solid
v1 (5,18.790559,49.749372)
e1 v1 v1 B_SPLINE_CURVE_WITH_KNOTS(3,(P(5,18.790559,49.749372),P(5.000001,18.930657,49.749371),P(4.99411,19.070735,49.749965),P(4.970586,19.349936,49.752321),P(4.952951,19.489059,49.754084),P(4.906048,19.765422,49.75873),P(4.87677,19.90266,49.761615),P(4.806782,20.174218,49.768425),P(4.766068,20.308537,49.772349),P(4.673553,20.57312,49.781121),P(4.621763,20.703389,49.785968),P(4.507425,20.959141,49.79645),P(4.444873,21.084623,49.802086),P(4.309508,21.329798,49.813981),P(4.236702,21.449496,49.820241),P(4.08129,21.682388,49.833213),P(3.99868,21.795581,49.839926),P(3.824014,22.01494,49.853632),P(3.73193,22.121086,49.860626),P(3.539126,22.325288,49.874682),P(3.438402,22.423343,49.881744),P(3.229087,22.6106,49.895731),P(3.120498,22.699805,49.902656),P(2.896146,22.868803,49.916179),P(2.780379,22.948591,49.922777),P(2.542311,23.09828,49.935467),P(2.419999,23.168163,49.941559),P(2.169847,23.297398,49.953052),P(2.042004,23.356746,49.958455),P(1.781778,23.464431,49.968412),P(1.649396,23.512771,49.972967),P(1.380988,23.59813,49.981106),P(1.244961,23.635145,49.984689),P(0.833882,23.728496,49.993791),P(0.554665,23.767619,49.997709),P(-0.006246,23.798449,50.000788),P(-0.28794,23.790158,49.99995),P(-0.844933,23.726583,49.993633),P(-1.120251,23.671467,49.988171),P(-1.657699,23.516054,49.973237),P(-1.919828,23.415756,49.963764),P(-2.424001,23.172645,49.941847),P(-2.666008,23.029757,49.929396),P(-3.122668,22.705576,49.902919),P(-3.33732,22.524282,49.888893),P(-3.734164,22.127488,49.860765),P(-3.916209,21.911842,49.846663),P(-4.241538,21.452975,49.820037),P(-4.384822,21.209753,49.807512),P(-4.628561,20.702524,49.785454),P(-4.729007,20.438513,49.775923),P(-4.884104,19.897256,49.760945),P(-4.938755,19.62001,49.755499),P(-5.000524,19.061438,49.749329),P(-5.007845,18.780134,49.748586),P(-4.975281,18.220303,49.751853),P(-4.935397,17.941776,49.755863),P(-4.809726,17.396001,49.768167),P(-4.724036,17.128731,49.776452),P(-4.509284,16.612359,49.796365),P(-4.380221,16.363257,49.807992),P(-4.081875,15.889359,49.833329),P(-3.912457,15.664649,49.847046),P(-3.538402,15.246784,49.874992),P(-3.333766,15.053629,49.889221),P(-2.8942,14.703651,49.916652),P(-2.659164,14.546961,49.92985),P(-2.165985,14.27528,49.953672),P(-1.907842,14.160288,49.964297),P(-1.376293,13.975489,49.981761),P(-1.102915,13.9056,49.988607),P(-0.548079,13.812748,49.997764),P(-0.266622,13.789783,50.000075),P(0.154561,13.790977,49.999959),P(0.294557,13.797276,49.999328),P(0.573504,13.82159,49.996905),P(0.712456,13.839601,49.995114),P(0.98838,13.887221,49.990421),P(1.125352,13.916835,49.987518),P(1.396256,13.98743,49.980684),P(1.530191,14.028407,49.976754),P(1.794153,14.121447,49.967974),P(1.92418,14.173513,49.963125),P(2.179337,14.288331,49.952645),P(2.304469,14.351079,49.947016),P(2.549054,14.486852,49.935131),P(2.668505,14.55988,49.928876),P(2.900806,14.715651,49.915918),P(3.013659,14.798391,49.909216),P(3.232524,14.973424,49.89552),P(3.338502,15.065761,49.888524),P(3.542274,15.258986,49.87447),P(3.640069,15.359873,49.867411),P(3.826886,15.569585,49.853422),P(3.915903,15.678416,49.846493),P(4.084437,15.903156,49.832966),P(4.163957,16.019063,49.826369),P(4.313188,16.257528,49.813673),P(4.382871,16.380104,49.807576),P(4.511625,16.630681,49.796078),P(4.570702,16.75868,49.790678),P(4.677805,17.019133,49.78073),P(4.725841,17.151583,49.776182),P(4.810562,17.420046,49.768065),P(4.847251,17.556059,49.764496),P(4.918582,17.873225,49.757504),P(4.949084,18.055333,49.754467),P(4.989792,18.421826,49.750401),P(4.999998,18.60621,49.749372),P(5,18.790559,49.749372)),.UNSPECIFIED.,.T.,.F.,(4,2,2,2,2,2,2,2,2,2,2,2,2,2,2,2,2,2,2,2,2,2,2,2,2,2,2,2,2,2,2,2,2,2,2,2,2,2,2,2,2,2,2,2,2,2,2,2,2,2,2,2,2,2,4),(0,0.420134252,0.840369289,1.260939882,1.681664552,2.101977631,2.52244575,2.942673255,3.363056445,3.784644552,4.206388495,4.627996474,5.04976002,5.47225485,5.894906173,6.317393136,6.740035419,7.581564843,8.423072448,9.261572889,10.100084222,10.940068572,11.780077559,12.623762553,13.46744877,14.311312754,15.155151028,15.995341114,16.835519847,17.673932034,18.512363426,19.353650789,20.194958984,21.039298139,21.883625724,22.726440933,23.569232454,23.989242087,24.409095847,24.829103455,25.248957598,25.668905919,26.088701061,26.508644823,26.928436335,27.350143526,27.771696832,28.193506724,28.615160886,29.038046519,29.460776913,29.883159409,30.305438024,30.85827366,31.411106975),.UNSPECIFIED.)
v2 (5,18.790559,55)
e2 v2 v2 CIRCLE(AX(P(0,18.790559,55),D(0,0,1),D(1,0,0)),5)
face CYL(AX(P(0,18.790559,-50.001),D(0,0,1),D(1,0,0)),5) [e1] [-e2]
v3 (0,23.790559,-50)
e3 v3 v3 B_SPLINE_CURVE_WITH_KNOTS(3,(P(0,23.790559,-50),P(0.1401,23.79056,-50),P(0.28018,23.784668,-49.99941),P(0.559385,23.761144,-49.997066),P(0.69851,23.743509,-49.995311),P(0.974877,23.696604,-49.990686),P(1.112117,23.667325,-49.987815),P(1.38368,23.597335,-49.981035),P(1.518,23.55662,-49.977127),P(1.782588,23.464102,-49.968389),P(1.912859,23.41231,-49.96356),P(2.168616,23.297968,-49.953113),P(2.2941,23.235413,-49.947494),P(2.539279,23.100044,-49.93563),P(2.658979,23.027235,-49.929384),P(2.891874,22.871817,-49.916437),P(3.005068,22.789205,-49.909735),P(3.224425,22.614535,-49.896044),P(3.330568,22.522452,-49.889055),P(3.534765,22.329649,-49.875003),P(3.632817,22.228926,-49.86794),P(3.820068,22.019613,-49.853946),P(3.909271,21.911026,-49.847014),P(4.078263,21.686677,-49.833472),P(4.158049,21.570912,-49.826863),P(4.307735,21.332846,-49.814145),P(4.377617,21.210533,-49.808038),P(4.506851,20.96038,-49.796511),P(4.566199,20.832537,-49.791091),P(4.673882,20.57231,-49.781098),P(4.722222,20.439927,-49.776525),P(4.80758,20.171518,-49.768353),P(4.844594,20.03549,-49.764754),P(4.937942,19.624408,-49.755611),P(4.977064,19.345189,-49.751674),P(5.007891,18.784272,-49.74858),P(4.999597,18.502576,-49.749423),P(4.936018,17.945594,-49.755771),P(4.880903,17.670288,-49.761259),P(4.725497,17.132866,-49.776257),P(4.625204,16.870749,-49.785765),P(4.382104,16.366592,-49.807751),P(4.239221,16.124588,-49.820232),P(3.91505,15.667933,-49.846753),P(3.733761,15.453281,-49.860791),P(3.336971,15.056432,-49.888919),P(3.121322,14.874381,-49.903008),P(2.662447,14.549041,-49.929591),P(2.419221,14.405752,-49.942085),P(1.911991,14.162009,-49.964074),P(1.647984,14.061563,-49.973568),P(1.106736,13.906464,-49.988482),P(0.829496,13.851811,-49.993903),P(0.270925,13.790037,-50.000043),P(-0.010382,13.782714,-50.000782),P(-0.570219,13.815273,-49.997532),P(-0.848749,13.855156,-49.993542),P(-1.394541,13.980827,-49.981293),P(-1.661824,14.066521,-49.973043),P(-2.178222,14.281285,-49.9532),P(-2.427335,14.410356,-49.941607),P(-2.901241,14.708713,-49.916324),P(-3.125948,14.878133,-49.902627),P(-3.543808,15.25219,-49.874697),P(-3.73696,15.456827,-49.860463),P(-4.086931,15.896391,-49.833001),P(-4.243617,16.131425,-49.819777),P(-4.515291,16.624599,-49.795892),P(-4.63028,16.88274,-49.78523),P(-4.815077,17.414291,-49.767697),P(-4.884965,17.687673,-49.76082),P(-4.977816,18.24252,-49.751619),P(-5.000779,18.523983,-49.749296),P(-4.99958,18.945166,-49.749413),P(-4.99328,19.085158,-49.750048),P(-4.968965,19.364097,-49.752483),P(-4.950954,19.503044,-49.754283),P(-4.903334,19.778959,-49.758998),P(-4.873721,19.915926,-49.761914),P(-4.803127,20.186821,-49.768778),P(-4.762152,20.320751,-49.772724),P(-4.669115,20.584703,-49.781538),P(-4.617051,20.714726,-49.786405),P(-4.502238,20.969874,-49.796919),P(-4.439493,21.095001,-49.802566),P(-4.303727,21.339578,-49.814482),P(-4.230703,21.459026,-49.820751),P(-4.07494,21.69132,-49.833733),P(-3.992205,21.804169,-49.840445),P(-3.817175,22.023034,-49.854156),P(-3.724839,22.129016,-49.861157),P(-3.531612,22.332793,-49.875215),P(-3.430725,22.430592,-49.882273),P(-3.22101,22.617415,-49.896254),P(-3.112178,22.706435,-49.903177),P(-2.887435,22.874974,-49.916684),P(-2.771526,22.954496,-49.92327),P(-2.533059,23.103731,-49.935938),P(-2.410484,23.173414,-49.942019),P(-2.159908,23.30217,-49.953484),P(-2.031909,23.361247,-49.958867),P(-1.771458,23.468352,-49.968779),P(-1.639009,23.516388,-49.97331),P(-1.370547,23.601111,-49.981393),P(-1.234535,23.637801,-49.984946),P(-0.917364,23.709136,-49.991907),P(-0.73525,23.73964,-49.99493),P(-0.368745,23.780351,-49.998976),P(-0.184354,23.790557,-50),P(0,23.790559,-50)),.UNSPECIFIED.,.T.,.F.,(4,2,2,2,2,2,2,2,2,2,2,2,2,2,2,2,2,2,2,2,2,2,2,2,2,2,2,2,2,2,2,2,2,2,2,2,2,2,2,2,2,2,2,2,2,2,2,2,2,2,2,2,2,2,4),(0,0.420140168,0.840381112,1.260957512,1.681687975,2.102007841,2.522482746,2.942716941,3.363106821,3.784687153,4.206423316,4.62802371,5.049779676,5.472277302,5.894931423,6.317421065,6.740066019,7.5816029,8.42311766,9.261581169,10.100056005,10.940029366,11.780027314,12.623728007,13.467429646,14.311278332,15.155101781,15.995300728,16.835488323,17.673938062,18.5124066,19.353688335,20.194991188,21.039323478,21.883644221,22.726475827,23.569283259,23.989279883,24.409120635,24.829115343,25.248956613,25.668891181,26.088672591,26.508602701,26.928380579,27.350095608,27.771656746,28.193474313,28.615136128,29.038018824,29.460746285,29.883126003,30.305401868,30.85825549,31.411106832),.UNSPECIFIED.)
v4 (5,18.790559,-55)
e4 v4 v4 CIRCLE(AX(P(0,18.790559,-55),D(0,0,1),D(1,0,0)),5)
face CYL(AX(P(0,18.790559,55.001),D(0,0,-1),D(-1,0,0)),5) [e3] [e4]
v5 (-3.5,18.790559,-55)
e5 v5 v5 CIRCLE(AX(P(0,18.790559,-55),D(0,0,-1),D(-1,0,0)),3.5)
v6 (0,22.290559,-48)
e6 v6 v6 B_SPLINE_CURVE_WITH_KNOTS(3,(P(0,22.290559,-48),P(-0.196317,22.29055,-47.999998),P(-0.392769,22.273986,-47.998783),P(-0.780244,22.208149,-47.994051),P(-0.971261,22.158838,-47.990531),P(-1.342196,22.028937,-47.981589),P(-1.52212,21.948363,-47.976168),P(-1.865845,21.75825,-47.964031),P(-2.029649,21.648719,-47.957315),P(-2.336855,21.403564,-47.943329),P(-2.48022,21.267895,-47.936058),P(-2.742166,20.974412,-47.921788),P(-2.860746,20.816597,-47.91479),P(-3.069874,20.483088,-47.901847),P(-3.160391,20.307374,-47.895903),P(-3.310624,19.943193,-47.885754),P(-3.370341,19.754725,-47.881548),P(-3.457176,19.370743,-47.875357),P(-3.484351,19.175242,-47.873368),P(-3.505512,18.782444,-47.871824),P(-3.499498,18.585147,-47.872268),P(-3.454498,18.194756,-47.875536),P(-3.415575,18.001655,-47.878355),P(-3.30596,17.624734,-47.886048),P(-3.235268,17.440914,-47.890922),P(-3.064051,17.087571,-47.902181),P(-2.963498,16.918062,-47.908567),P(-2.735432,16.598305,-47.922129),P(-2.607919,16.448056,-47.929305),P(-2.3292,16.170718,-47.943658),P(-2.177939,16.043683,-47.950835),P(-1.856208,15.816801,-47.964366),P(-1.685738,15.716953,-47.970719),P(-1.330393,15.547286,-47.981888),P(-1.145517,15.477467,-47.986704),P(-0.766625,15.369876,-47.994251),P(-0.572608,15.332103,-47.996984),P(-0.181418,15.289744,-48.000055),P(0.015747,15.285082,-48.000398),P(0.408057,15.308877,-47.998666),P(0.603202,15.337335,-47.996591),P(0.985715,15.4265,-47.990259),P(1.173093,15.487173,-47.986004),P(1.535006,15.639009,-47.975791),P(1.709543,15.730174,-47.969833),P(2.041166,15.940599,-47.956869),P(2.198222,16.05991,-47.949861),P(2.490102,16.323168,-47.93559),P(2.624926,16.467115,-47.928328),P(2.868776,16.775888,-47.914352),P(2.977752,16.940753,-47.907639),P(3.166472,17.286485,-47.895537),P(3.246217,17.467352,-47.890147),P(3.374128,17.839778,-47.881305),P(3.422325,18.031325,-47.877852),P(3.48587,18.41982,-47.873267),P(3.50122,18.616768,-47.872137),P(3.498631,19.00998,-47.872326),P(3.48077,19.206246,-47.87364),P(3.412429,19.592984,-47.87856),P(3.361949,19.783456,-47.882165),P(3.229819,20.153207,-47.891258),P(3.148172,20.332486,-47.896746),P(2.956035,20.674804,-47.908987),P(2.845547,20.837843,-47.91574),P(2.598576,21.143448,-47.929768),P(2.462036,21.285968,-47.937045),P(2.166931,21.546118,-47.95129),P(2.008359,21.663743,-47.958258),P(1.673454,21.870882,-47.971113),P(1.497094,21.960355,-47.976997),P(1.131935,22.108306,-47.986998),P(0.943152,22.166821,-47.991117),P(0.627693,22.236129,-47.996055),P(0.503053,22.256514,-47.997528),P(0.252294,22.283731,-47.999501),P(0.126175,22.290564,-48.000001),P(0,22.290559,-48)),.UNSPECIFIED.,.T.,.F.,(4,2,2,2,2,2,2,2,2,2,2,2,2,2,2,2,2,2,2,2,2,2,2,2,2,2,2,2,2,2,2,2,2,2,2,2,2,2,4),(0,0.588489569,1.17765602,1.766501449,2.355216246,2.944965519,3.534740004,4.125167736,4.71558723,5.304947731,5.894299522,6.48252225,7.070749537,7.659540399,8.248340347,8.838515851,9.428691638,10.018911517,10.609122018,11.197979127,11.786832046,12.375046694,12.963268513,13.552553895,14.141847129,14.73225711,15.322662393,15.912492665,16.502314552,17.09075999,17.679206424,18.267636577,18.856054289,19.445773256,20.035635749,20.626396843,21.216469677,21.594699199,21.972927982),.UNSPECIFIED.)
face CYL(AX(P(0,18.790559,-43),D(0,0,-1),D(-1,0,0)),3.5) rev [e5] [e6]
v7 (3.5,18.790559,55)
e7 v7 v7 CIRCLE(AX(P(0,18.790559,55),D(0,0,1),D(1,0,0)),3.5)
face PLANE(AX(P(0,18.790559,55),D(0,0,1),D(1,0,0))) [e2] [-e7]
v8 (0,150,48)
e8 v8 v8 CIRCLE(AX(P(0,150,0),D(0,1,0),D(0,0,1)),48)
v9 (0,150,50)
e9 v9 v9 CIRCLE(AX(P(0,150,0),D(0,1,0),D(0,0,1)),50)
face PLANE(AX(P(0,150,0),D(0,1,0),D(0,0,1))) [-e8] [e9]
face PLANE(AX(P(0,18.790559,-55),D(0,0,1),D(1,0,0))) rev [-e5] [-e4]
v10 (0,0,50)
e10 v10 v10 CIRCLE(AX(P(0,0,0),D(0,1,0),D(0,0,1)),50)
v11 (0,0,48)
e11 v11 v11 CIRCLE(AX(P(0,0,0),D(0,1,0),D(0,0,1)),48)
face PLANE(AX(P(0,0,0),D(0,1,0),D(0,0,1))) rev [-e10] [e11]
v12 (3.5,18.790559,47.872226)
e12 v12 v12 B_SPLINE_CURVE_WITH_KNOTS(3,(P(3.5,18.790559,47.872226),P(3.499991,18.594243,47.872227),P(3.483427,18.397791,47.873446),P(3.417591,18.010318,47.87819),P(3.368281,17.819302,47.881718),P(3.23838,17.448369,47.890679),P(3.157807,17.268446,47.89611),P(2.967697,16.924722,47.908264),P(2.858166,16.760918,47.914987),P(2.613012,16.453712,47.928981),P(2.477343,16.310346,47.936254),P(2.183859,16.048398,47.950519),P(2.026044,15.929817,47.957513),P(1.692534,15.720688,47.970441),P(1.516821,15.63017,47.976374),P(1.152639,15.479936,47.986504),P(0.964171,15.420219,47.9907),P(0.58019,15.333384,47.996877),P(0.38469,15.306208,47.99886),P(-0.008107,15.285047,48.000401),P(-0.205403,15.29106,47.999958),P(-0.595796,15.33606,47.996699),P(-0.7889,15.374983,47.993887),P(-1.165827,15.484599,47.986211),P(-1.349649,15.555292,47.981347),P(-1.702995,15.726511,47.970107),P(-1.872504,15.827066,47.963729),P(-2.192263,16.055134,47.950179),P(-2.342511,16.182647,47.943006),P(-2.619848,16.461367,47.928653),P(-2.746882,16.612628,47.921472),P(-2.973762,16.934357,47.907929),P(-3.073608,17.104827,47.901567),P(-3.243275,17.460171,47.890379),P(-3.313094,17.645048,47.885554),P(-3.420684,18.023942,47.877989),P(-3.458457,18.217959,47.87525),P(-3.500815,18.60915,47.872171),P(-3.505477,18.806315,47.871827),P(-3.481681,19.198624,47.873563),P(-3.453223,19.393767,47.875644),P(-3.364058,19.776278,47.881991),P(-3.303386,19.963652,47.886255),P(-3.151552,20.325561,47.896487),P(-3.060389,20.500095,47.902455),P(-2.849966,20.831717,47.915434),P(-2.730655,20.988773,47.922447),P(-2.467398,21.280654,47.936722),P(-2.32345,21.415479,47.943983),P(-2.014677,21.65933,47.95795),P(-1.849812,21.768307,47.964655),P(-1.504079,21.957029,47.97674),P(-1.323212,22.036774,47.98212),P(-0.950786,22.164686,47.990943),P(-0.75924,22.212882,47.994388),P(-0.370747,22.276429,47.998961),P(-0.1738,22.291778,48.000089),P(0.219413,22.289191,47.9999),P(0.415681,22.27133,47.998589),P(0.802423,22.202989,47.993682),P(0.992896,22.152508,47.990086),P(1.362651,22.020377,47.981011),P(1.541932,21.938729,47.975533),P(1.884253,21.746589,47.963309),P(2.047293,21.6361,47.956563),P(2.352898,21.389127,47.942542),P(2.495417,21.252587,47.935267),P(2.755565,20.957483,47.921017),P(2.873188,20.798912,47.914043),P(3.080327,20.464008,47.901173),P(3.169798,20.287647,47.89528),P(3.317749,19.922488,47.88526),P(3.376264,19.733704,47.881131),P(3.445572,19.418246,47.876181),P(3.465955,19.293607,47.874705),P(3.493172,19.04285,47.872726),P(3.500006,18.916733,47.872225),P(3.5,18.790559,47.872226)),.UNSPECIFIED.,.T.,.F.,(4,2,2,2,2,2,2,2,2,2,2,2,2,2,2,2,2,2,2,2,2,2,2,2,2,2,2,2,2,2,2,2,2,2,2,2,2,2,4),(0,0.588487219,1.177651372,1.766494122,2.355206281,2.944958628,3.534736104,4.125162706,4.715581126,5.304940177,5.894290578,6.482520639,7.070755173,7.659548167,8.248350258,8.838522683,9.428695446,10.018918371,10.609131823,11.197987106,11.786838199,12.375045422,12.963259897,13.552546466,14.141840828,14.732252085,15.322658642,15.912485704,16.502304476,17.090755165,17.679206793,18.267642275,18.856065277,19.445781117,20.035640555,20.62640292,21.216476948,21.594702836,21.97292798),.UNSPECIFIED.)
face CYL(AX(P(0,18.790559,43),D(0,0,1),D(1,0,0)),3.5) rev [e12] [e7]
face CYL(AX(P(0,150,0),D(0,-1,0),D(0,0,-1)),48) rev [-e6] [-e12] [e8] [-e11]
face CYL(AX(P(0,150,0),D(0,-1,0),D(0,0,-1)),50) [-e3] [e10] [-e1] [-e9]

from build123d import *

# Parameters (mm, degrees)
SKETCH1_R                = 50
SKETCH1_R_2              = 48
BOSS_EXTRUDE2_DEPTH      = 150
BOSS_EXTRUDE3_REACH      = 191.803
BOSS_EXTRUDE3_END_RADIUS = 50
SKETCH2_R                = 5
SKETCH3_R                = 3.5
CUT_EXTRUDE1_DEPTH       = 12
BOSS_EXTRUDE4_REACH      = 194.614
BOSS_EXTRUDE4_END_RADIUS = 50
SKETCH4_R                = 5
CUT_EXTRUDE2_START       = -12
SKETCH5_R                = 3.5
CUT_EXTRUDE2_DEPTH       = 12


with BuildPart() as part:
    # Sketch1 → Boss-Extrude2 (new body)
    with BuildSketch(Plane(origin=(0, 0, 0), x_dir=(1, 0, 0), z_dir=(0, 1, 0))):
        with Locations(Location((0, 0, 0), (0, 0, 270))):
            Circle(SKETCH1_R)
        with Locations(Location((0, 0, 0), (0, 0, 270))):
            Circle(SKETCH1_R_2, mode=Mode.SUBTRACT)
    extrude(amount=BOSS_EXTRUDE2_DEPTH)

    # Boss-Extrude3: up to this cylinder (the profile starts outside it)
    boss_extrude3_end = Plane(origin=(0, 18.790559, 0), z_dir=(0, -1, 0)) * Cylinder(BOSS_EXTRUDE3_END_RADIUS, 484.606, mode=Mode.PRIVATE)
    # Sketch2 → Boss-Extrude3 (add, up to the surface)
    with BuildSketch(Plane.XY.offset(55), mode=Mode.PRIVATE) as boss_extrude3_sk1:
        with Locations((0, 18.790558937)):
            Circle(SKETCH2_R)
    boss_extrude3_tool1 = extrude(boss_extrude3_sk1.sketch, amount=-BOSS_EXTRUDE3_REACH, mode=Mode.PRIVATE) - boss_extrude3_end
    add(boss_extrude3_tool1.solids().sort_by_distance((0, 18.790559, 55))[0])

    # Sketch3 → Cut-Extrude1 (cut)
    with BuildSketch(Plane.XY.offset(55)):
        with Locations((0, 18.790558937)):
            Circle(SKETCH3_R)
    extrude(amount=-CUT_EXTRUDE1_DEPTH, mode=Mode.SUBTRACT)

    # Boss-Extrude4: up to this cylinder (the profile starts outside it)
    boss_extrude4_end = Plane(origin=(0, 18.790559, 0), z_dir=(0, -1, 0)) * Cylinder(BOSS_EXTRUDE4_END_RADIUS, 490.228, mode=Mode.PRIVATE)
    # Sketch4 → Boss-Extrude4 (add, up to the surface)
    with BuildSketch(Plane.XY.offset(-55), mode=Mode.PRIVATE) as boss_extrude4_sk1:
        with Locations((0, 18.790558937)):
            Circle(SKETCH4_R)
    boss_extrude4_tool1 = extrude(boss_extrude4_sk1.sketch, amount=BOSS_EXTRUDE4_REACH, mode=Mode.PRIVATE) - boss_extrude4_end
    add(boss_extrude4_tool1.solids().sort_by_distance((0, 18.790559, -55))[0])

    # Sketch5 → Cut-Extrude2 (cut)
    with BuildSketch(Plane(origin=(0, 0, -55), x_dir=(-1, 0, 0), z_dir=(0, 0, -1)).offset(CUT_EXTRUDE2_START)):
        with Locations(Location((0, 18.790558937, 0), (0, 0, 180))):
            Circle(SKETCH5_R)
    extrude(amount=CUT_EXTRUDE2_DEPTH, mode=Mode.SUBTRACT)


solid = part.part
